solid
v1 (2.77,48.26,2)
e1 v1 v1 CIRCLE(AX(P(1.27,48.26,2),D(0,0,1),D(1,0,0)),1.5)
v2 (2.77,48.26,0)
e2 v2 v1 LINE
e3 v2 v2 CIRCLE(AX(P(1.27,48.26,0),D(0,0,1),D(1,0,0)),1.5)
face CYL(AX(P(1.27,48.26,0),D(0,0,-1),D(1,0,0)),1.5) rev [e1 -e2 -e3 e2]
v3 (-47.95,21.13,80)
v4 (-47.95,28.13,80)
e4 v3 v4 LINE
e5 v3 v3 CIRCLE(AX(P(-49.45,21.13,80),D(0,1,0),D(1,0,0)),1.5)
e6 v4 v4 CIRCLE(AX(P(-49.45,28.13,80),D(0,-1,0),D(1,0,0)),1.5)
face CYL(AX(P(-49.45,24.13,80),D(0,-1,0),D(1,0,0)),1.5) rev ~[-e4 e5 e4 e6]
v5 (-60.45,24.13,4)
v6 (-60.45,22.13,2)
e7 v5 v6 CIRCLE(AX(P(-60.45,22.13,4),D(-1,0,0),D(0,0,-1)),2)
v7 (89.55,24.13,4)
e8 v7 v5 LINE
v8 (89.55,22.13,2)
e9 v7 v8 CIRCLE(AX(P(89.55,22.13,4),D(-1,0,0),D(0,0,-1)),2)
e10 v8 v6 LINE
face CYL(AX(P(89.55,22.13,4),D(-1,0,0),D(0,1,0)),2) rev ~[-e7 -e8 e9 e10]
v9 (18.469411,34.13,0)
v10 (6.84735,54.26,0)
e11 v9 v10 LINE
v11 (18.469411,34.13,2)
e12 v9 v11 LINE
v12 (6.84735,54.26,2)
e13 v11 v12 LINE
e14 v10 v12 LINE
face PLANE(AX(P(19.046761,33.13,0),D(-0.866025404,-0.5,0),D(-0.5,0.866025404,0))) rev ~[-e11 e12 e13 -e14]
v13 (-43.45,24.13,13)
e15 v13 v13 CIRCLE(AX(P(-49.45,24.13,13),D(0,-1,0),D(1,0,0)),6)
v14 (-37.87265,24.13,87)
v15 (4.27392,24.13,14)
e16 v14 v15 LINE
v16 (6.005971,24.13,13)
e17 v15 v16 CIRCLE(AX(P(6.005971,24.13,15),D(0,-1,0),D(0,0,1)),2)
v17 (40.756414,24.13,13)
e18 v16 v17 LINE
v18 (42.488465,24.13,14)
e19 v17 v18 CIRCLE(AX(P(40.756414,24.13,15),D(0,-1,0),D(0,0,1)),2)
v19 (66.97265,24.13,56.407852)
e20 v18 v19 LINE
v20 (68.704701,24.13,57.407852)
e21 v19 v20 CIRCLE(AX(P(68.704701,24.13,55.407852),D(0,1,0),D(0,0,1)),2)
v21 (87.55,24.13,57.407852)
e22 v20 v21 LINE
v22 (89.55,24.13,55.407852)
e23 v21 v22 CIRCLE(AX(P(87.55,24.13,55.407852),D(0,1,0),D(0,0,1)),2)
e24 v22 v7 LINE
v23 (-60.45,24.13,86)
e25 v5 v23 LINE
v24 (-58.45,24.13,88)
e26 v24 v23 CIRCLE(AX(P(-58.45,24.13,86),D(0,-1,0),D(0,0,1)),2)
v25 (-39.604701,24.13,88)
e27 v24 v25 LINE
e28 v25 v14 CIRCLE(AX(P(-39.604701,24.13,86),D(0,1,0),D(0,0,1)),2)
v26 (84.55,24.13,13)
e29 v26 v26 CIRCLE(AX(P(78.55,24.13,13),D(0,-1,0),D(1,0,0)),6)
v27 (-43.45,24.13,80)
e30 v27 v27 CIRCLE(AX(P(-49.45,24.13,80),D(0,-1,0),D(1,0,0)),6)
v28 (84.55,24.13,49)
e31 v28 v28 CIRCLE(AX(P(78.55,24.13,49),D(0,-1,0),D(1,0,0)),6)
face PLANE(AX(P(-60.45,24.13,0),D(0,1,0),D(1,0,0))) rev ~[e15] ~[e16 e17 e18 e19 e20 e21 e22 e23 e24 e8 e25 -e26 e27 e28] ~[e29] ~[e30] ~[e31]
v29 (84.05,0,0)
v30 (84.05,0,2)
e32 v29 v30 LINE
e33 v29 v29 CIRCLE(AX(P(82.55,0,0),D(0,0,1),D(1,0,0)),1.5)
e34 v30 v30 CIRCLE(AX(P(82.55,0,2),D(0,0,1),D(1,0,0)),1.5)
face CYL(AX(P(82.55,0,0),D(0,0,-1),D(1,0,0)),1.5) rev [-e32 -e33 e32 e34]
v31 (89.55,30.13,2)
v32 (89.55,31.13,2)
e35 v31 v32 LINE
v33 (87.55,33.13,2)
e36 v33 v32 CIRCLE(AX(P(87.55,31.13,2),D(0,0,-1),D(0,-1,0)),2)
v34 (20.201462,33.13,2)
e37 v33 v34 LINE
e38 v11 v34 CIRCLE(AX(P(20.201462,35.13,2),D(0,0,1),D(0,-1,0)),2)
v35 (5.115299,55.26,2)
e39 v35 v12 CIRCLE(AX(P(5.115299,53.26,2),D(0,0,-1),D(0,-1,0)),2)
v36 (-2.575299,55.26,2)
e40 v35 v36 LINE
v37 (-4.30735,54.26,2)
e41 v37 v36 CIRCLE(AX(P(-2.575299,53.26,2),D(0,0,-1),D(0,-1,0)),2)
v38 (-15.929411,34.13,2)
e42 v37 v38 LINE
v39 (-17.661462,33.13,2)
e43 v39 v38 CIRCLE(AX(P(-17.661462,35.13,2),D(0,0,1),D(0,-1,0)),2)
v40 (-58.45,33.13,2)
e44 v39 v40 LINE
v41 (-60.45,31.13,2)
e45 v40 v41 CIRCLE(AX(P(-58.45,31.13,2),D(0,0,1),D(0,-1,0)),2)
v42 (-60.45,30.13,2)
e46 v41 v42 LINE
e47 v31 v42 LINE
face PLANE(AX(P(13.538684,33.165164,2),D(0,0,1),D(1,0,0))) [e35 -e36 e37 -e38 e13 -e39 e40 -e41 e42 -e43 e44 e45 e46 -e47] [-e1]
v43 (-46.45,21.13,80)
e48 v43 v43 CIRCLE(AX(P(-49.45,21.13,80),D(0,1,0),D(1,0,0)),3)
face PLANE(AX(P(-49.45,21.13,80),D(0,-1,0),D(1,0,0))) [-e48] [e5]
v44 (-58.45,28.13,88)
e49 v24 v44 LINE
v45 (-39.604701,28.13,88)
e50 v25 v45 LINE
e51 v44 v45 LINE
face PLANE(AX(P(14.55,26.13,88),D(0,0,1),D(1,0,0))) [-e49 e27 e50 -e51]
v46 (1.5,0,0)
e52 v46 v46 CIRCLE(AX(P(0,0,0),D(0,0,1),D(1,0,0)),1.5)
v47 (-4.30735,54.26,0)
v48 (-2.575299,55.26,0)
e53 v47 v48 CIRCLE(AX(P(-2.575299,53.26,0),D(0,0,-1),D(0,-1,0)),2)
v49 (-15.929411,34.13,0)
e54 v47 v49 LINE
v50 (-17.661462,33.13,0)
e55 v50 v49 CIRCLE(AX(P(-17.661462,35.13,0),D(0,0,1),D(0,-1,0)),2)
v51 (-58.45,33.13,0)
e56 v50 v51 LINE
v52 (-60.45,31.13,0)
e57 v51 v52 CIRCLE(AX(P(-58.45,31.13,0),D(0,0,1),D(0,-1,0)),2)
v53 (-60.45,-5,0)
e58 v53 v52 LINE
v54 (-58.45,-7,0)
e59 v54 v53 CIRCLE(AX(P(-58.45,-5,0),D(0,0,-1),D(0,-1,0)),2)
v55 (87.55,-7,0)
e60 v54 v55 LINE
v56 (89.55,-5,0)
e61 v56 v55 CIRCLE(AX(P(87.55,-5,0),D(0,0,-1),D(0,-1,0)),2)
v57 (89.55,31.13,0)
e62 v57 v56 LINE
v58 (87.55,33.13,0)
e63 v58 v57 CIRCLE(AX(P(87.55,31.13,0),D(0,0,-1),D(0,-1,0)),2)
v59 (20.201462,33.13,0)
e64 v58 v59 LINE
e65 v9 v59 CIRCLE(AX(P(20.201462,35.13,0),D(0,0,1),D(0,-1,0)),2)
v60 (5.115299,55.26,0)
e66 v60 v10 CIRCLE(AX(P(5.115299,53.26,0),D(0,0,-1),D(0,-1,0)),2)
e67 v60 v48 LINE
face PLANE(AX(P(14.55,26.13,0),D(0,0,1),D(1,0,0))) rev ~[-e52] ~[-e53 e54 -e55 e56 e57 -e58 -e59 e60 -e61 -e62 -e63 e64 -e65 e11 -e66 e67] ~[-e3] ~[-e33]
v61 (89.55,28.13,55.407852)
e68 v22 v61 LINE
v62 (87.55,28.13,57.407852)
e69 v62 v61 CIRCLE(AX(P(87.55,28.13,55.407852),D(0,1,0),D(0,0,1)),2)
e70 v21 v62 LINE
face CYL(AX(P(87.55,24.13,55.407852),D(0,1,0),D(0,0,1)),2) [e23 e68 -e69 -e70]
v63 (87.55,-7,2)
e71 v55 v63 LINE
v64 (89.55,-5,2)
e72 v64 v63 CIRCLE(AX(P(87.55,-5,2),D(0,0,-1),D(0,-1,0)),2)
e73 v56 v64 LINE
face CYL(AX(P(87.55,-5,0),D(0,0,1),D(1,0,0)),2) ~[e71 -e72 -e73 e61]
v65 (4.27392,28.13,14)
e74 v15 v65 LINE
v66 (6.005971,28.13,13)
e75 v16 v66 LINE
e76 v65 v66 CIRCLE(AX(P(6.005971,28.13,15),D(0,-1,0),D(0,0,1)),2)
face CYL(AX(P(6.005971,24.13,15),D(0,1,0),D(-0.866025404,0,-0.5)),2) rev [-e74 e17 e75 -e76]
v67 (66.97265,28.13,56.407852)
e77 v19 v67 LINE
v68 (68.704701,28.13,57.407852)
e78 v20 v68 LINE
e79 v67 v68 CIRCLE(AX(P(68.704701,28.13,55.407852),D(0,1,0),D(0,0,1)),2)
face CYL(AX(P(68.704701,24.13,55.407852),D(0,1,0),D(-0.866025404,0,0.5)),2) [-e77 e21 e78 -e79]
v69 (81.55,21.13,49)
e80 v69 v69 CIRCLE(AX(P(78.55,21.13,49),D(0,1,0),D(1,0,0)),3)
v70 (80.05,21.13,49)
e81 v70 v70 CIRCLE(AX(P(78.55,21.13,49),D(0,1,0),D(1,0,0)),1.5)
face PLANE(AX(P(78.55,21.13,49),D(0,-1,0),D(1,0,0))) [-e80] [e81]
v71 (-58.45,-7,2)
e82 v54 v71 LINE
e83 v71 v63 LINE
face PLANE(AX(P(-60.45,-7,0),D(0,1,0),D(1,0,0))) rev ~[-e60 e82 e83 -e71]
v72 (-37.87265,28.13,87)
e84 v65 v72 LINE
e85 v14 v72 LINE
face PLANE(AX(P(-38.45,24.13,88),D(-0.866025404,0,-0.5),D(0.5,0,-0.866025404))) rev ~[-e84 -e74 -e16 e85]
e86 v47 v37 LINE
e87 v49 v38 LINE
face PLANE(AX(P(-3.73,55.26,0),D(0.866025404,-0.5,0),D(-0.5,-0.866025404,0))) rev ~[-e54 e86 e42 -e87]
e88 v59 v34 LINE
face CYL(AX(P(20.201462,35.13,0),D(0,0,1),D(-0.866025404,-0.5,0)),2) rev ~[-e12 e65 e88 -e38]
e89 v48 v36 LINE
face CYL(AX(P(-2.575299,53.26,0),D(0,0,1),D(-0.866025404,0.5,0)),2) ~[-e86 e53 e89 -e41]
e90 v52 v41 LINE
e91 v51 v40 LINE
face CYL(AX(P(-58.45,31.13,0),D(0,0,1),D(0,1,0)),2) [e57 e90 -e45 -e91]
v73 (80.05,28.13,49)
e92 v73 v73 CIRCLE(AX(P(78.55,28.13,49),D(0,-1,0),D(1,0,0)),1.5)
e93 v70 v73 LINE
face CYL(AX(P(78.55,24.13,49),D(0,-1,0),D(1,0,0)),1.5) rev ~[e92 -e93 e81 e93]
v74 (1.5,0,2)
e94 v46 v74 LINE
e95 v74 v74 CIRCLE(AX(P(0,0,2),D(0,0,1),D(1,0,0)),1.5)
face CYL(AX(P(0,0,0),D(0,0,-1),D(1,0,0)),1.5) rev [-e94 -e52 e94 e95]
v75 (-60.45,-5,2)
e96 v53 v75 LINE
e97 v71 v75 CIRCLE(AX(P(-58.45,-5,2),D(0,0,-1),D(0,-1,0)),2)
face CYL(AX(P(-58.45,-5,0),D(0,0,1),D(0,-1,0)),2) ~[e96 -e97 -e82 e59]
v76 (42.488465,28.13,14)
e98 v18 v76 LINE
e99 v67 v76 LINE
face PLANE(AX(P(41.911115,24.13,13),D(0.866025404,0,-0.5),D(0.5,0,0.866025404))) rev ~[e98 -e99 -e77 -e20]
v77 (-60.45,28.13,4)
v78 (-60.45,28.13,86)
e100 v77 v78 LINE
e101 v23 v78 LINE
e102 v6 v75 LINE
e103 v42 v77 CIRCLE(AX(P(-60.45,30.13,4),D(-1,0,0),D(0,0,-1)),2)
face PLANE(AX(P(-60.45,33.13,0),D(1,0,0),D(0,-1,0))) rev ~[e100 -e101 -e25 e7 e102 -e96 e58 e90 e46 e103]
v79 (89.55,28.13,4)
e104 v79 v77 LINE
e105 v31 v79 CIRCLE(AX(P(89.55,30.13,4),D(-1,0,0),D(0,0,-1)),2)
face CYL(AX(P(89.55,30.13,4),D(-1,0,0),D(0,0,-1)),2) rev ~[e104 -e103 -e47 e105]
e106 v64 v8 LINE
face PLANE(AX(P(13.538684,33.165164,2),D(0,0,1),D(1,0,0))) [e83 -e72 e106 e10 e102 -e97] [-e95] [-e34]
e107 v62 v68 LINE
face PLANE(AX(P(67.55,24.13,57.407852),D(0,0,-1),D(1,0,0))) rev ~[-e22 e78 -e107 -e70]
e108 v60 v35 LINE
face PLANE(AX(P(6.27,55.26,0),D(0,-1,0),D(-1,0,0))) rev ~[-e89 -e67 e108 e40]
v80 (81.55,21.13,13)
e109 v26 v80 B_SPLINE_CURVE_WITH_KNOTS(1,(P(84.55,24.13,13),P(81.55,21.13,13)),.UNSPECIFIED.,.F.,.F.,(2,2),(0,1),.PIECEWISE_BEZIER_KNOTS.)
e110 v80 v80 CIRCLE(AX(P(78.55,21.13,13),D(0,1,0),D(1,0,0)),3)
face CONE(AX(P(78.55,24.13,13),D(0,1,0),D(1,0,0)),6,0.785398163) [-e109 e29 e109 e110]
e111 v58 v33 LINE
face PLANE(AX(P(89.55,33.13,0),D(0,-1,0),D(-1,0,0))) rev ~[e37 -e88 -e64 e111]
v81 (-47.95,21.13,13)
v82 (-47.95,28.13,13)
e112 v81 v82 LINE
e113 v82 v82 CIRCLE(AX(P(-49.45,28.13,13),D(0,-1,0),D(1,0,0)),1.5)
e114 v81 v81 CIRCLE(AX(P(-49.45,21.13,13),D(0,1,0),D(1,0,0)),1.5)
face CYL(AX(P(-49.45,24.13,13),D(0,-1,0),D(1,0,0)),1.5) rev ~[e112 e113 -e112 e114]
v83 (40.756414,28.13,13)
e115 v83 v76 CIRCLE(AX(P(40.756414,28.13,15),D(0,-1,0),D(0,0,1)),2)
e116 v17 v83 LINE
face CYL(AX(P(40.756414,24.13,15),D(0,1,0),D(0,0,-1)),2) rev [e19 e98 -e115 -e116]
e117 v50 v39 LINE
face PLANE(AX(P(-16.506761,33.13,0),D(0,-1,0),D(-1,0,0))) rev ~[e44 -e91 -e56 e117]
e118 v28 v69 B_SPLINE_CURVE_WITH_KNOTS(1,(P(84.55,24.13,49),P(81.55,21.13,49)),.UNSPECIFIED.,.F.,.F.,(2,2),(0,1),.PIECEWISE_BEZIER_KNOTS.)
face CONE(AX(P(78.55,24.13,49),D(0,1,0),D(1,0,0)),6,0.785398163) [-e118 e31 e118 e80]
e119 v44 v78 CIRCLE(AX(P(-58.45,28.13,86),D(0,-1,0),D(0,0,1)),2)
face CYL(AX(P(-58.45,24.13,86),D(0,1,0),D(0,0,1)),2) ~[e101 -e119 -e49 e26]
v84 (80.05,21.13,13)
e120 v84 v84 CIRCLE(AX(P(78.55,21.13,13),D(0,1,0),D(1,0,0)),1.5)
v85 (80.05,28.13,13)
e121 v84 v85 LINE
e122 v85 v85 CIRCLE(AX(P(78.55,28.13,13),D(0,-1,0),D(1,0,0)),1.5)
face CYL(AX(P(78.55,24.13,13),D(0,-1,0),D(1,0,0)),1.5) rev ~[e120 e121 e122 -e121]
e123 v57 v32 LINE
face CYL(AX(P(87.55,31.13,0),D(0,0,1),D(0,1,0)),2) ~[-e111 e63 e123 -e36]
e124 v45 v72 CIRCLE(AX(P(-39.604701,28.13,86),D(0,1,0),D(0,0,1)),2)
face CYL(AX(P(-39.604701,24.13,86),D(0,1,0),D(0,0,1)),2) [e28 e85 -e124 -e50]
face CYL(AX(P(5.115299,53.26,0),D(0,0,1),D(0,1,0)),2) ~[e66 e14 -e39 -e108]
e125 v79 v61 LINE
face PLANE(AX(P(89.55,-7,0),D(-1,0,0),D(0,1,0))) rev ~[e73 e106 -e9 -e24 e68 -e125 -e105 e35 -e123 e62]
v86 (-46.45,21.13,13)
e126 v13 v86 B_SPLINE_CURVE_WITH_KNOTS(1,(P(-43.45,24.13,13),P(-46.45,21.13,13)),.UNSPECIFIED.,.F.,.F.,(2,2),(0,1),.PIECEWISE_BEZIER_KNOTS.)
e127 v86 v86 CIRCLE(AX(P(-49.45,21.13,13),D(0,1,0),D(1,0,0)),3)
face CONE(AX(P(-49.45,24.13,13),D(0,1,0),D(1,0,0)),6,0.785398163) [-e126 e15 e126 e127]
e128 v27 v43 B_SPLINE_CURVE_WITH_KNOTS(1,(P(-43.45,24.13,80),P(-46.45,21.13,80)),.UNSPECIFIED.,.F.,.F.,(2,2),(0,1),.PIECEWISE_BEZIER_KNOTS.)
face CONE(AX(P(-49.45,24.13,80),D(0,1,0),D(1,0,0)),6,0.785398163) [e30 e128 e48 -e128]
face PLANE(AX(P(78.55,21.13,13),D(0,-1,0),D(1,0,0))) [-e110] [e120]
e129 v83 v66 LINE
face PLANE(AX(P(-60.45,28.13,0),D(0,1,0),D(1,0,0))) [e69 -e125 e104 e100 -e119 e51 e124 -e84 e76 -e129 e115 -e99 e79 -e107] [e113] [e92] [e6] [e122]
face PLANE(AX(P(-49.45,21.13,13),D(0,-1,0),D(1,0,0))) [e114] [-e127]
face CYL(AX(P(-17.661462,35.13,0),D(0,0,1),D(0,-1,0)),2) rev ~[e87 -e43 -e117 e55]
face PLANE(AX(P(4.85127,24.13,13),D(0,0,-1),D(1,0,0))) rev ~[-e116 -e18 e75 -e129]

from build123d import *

# Parameters (mm, degrees)
F0_R          = 1.5
F0_W          = 150
F0_H          = 4
F0_H_2        = 31.13
F1_DEPTH      = 2
F2_DEPTH      = 88
F3_R          = 6
F3_R_2        = 1.5
F4_DEPTH      = 3
F4_TAPER      = 45
F5_DEPTH      = 31.131
F5_DEPTH_BACK = 31.131
F6_R          = 2


with BuildPart() as f1:
    # F0 (on Top) → F1 (new body)
    with BuildSketch(Plane.XY):
        Polygon((6.27, 55.26), (-3.73, 55.26), (-16.5067614572, 33.13), (-60.45, 33.13), (-60.45, 28.13), (89.55, 28.13), (89.55, 33.13), (19.0467614572, 33.13), align=None)
        with Locations((1.27, 48.26)):
            Circle(F0_R, mode=Mode.SUBTRACT)
        with Locations((14.55, 26.13)):
            Rectangle(F0_W, F0_H)
        with Locations((14.55, 8.565)):
            Rectangle(F0_W, F0_H_2)
        Circle(F0_R, mode=Mode.SUBTRACT)
        with Locations((82.55, 0)):
            Circle(F0_R, mode=Mode.SUBTRACT)
    extrude(amount=F1_DEPTH)

    # F0 (on Top) → F2 (join)
    with BuildSketch(Plane.XY):
        with Locations((14.55, 26.13)):
            Rectangle(F0_W, F0_H)
    extrude(amount=F2_DEPTH)

    # F3 (on face) → F4 (join)
    with BuildSketch(Plane.XZ.offset(-24.13)):
        with Locations((-49.45, 80)):
            Circle(F3_R)
        with Locations((-49.45, 80)):
            Circle(F3_R_2, mode=Mode.SUBTRACT)
        with Locations((-49.45, 13)):
            Circle(F3_R)
        with Locations((-49.45, 13)):
            Circle(F3_R_2, mode=Mode.SUBTRACT)
        with Locations((78.55, 13)):
            Circle(F3_R)
        with Locations((78.55, 13)):
            Circle(F3_R_2, mode=Mode.SUBTRACT)
        with Locations((78.55, 49)):
            Circle(F3_R)
        with Locations((78.55, 49)):
            Circle(F3_R_2, mode=Mode.SUBTRACT)
        with Locations((-49.45, 80)):
            Circle(F3_R_2)
        with Locations((-49.45, 13)):
            Circle(F3_R_2)
        with Locations((78.55, 13)):
            Circle(F3_R_2)
        with Locations((78.55, 49)):
            Circle(F3_R_2)
    extrude(amount=F4_DEPTH, taper=F4_TAPER)

    # F3 (on face) → F5 (cut, two sides)
    with BuildSketch(Plane.XZ.offset(-24.13)) as f5_sk:
        with Locations((-49.45, 13)):
            Circle(F3_R_2)
        with Locations((78.55, 13)):
            Circle(F3_R_2)
        with Locations((78.55, 49)):
            Circle(F3_R_2)
        with Locations((-49.45, 80)):
            Circle(F3_R_2)
        Polygon((89.55, 88), (-38.45, 88), (4.8512701892, 13), (41.9111145423, 13), (67.55, 57.4078522623), (89.55, 57.4078522623), align=None)
    extrude(amount=F5_DEPTH, mode=Mode.SUBTRACT)
    extrude(f5_sk.sketch, amount=-F5_DEPTH_BACK, mode=Mode.SUBTRACT)

    # F6
    f6_edges = [f1.edges().sort_by_distance(p)[0] for p in [
        (-60.45, 26.13, 88),
        (-38.45, 26.13, 88),
        (4.85127, 26.13, 13),
        (41.911115, 26.13, 13),
        (67.55, 26.13, 57.407852),
        (89.55, 26.13, 57.407852),
        (89.55, -7, 1),
        (89.55, 33.13, 1),
        (19.046761, 33.13, 1),
        (6.27, 55.26, 1),
        (-3.73, 55.26, 1),
        (-16.506761, 33.13, 1),
        (-60.45, 33.13, 1),
        (-60.45, -7, 1),
        (14.55, 24.13, 2),
        (14.55, 28.13, 2),
    ]]
    fillet(f6_edges, radius=F6_R)


solid = f1.part
